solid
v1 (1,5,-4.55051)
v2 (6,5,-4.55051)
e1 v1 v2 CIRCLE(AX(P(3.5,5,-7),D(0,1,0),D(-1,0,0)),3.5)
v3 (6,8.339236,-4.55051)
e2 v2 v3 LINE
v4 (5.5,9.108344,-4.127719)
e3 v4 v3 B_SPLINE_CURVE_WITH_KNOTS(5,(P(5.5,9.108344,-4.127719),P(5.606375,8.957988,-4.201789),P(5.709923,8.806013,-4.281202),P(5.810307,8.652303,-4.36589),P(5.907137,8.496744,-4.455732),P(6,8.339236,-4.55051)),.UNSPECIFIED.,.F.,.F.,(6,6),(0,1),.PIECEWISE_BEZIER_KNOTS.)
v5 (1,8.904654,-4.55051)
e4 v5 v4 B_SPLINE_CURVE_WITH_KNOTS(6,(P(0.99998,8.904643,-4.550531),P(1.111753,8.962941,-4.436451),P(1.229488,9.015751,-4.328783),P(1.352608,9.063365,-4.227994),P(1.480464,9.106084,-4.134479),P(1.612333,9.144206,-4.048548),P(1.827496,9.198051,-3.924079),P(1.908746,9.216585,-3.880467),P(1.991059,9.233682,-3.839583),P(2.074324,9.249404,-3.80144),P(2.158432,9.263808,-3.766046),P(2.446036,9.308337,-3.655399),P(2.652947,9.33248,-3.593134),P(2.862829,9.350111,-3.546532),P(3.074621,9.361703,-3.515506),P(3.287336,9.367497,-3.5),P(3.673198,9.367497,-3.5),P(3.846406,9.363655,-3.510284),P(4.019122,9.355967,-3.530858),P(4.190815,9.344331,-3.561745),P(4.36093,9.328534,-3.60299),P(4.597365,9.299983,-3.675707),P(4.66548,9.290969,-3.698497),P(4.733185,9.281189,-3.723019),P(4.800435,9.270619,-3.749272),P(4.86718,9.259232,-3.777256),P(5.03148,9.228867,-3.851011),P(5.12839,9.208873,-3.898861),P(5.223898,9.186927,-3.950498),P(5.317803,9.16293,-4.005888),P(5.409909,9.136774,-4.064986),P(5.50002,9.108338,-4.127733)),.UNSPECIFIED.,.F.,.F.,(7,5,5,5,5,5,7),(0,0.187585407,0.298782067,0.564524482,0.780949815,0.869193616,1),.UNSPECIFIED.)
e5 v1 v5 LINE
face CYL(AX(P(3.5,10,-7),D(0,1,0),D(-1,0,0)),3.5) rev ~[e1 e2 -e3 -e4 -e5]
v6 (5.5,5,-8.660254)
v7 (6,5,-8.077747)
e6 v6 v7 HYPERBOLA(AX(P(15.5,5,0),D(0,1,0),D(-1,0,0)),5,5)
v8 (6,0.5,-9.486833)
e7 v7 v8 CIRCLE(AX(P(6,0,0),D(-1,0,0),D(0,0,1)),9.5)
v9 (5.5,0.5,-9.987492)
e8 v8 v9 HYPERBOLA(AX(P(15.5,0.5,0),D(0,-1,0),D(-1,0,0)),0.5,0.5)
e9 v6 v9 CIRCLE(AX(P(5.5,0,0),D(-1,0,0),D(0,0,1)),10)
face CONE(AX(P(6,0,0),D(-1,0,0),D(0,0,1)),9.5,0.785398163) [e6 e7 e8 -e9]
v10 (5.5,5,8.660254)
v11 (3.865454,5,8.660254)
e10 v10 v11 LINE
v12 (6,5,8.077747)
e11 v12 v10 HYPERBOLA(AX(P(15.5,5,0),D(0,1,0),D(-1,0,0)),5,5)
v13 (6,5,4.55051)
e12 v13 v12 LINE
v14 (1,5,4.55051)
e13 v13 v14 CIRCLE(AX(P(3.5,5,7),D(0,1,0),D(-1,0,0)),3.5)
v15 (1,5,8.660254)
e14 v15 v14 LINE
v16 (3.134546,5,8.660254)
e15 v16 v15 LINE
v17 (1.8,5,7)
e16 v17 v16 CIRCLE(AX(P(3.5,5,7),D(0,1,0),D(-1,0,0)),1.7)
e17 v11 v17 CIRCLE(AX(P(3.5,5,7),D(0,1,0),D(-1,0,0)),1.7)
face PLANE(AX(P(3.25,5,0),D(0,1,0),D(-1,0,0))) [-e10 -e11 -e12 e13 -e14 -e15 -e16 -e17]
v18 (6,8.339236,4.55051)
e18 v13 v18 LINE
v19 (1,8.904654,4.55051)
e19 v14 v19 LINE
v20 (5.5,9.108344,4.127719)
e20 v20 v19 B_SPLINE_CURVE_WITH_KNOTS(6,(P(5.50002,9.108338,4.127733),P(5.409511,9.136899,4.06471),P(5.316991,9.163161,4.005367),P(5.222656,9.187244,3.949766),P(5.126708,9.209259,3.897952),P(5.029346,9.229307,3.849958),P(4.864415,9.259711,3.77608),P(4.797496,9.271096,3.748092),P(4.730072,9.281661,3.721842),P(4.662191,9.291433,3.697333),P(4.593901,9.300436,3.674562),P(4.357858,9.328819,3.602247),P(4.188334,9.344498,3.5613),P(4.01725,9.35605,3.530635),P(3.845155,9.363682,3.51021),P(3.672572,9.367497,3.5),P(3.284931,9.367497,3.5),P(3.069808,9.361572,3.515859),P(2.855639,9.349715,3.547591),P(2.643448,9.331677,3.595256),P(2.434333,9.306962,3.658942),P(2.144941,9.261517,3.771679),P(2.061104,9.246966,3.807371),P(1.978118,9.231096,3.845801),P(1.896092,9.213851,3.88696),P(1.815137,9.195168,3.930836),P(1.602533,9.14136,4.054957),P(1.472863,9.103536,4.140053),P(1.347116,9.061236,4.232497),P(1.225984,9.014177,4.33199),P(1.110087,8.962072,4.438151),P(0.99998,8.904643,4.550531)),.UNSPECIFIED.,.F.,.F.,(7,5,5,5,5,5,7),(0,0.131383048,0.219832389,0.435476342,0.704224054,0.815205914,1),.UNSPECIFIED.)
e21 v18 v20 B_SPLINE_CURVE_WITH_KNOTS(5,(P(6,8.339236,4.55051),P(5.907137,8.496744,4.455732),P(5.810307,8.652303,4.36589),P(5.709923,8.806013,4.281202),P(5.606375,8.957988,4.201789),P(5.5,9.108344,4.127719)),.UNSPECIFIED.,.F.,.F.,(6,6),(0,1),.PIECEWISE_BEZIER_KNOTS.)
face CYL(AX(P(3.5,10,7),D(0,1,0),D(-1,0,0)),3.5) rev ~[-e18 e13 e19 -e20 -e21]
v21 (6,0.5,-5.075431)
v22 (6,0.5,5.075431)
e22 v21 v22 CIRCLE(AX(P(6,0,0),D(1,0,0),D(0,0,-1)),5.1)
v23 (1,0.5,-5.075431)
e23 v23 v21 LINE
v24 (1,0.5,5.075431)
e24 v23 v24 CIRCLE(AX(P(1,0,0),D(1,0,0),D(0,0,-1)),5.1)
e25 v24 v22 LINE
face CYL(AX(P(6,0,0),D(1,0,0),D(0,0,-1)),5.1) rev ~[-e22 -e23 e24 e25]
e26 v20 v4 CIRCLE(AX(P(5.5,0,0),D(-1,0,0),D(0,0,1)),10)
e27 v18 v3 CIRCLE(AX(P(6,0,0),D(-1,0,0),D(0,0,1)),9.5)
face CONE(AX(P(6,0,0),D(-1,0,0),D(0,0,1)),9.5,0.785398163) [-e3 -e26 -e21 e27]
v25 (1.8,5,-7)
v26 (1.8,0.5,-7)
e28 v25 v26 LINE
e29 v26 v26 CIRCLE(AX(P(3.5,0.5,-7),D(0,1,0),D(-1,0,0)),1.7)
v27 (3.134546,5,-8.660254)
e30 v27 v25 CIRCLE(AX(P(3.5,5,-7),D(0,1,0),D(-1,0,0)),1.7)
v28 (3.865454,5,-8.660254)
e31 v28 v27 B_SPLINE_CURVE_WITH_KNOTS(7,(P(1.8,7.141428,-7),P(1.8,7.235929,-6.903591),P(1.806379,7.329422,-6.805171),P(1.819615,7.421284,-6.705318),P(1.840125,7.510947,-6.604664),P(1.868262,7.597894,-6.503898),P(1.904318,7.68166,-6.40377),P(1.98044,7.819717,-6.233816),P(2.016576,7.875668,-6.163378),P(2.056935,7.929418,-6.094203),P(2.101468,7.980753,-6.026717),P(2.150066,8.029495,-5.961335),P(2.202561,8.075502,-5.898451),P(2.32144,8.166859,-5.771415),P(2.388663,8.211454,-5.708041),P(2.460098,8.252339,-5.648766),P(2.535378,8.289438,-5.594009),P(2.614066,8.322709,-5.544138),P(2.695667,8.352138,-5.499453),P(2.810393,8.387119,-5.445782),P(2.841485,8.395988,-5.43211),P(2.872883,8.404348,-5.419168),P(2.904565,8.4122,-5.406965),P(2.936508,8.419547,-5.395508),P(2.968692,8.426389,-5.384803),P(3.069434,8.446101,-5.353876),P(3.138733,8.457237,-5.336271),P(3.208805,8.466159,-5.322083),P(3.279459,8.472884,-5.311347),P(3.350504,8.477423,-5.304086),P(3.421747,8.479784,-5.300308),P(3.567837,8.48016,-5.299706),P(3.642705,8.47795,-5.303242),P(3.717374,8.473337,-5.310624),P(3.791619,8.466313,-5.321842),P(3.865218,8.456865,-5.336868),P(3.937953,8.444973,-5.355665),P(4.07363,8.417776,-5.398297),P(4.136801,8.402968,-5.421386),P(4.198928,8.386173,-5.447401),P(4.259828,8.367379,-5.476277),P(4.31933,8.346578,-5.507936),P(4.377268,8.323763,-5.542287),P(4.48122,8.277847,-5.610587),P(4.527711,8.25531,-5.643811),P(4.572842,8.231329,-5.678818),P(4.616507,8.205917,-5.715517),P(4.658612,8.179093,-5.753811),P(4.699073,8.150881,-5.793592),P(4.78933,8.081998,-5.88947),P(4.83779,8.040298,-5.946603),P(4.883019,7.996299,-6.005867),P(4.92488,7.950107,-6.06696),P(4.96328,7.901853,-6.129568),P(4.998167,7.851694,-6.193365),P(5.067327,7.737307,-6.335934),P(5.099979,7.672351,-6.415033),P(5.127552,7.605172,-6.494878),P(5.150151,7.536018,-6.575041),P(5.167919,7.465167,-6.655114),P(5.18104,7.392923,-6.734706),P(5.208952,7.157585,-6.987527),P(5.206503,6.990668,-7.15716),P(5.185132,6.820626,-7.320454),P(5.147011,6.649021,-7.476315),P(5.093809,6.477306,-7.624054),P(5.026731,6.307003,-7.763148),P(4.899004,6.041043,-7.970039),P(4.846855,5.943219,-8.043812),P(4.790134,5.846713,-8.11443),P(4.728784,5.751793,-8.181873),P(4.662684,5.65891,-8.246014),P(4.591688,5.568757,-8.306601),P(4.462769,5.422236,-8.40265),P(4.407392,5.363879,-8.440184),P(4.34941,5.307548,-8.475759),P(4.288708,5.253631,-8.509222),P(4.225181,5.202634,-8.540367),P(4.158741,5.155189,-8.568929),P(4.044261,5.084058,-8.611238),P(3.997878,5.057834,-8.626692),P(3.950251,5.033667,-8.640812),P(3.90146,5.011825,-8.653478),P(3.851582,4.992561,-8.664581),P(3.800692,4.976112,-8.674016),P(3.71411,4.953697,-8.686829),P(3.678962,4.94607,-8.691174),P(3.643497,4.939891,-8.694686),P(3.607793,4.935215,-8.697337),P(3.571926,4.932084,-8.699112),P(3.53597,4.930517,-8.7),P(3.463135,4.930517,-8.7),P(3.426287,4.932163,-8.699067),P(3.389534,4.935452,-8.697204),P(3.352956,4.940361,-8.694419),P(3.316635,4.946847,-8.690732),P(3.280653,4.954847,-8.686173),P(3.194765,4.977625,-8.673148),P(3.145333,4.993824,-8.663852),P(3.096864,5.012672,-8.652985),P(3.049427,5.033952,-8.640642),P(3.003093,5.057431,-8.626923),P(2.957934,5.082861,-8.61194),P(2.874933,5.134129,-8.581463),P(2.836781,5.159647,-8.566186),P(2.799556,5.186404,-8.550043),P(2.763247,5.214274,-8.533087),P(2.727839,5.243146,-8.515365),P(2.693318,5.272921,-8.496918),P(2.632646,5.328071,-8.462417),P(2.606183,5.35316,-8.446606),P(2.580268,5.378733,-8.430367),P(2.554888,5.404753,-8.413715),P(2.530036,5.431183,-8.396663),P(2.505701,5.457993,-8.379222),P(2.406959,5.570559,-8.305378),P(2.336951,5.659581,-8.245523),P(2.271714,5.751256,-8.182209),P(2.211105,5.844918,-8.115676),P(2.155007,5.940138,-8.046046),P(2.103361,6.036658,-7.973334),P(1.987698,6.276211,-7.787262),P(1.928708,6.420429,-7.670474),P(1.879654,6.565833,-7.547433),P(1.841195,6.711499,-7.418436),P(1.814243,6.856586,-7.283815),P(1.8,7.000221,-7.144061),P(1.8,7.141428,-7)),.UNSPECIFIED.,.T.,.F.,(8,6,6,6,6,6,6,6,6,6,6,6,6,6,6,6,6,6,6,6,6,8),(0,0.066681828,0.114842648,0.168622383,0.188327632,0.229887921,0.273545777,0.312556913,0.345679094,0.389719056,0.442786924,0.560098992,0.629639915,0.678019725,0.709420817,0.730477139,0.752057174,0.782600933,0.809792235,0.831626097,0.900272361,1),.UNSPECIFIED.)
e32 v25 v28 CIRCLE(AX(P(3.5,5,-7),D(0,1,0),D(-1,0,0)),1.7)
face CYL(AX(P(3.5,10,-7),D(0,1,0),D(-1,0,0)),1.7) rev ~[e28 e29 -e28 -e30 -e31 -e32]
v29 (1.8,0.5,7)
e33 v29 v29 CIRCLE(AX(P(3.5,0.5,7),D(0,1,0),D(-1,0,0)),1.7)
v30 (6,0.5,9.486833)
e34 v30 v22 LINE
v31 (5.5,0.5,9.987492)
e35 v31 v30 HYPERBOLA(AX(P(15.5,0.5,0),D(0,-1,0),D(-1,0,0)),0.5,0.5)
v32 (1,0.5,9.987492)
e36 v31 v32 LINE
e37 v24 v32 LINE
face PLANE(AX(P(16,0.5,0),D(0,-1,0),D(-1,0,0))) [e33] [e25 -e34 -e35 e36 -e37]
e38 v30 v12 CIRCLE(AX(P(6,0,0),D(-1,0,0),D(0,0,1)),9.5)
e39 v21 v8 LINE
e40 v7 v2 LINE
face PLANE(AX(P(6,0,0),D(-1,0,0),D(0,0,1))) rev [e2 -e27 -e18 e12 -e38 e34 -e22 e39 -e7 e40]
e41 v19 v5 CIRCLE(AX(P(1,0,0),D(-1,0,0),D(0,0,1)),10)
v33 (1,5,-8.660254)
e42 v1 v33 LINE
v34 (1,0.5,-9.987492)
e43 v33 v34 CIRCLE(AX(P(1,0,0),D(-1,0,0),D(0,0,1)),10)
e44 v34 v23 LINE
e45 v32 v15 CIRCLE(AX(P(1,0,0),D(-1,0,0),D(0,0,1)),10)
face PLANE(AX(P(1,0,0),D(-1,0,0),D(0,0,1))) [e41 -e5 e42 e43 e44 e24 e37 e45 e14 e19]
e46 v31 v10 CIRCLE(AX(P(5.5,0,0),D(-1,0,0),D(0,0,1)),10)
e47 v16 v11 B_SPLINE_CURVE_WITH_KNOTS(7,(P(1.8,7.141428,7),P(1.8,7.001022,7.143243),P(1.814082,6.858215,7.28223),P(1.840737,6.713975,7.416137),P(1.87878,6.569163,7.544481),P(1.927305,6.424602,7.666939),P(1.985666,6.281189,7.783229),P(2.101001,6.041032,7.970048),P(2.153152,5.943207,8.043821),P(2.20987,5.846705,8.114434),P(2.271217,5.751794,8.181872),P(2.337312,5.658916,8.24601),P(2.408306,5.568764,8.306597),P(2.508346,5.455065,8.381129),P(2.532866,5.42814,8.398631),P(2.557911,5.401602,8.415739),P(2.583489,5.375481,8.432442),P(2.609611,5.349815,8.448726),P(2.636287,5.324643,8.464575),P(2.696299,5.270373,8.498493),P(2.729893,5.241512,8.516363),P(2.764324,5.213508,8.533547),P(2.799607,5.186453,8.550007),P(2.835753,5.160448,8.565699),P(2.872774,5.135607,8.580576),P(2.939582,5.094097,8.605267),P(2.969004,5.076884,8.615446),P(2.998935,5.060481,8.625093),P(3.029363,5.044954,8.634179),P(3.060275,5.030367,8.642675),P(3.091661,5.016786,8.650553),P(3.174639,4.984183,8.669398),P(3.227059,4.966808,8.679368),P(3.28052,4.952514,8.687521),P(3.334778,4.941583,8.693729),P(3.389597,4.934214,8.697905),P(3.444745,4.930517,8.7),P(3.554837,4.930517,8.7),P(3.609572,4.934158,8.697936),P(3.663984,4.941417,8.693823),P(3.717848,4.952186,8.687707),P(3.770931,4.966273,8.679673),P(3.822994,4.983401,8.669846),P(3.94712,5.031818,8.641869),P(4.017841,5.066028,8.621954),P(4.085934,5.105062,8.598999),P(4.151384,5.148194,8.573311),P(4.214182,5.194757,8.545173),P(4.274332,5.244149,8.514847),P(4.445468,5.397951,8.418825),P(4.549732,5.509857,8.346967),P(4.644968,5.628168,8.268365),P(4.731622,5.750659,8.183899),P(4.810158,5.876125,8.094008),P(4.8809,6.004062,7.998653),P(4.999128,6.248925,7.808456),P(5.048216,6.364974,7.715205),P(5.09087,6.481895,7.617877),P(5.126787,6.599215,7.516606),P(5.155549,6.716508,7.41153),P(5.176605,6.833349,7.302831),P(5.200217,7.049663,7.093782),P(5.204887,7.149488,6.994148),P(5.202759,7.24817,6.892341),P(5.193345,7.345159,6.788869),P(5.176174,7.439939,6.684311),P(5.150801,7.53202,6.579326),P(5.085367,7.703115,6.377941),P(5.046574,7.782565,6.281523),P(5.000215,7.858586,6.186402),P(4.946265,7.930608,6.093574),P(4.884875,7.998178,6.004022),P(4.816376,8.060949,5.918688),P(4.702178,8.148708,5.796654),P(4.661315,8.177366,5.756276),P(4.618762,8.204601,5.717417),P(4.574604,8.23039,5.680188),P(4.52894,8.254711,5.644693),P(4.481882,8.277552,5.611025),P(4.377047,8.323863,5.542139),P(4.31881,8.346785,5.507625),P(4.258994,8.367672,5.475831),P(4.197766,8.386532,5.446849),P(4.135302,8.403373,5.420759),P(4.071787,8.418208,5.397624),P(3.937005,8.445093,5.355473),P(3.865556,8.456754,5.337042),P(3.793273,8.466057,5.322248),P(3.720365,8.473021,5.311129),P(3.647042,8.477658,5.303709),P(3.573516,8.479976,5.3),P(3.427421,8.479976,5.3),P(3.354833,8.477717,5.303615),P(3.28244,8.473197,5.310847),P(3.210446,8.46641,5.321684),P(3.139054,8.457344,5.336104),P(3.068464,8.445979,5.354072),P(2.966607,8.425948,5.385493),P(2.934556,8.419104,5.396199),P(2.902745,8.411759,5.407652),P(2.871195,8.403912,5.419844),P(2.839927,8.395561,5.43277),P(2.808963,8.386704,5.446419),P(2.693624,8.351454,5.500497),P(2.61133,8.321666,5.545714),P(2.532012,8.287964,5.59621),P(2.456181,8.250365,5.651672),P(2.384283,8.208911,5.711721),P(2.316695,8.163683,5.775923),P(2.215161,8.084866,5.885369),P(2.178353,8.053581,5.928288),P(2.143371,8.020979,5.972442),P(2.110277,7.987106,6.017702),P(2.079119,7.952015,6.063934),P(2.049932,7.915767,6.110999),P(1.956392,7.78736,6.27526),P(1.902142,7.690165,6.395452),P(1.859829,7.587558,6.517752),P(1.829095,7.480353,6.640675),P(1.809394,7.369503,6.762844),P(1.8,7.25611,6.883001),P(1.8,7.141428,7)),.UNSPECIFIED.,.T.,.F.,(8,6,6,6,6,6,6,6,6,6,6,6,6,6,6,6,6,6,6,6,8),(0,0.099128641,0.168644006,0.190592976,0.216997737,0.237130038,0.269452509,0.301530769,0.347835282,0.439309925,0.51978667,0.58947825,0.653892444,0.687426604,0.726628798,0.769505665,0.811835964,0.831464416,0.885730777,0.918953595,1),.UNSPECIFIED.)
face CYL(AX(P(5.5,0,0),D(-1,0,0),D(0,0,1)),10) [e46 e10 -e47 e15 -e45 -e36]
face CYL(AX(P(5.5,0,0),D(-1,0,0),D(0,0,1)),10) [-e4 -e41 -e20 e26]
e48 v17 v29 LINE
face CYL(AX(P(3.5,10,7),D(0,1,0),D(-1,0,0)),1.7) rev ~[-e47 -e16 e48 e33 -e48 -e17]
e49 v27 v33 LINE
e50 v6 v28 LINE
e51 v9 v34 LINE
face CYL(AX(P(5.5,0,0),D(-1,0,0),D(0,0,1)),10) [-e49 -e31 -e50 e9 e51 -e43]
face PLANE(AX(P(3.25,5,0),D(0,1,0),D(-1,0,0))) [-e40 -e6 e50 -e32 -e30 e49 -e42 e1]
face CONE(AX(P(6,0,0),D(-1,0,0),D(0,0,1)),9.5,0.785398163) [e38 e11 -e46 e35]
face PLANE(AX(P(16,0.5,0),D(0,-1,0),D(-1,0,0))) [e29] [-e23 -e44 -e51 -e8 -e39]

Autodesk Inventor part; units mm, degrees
sketch "Sketch_1" plane through (0, 0, 0) normal (0, 0, 1) x (1, 0, 0)
  line L0 (6, 0) -> (0, 0)
  line L1 (1, 4) -> (6, 4)
  line L2 (6, 4) -> (6, 9.5)
  line L3 (6, 9.5) -> (5.5, 10)
  line L4 (5.5, 10) -> (1, 10)
  line L5 (1, 10) -> (1, 4)
revolve "Revolution1" add sketch "Sketch_1" angle 180 mid plane about axis through (6, 0, 0) along (-1, 0, 0)
sketch "Sketch_2" plane through (0, 0, 0) normal (0, 0, 1) x (1, 0, 0)
  line L0 (0, 0.5) -> (0, 0)
  line L1 (0, 0) -> (16, 0)
  line L2 (16, 0) -> (16, 0.5)
  line L3 (16, 0.5) -> (0, 0.5)
extrude "Extrusion1" cut sketch "Sketch_2" along normal mid plane 40
sketch "Sketch_3" plane through (0, 0, 7) normal (0, 0, 1) x (1, 0, 0)
  line L0 (3.5, 10) -> (3.5, 0)
  line L1 (3.5, 0) -> (1.75, 0)
  line L2 (1.75, 0) -> (1.75, 3.5)
  line L3 (1.75, 3.5) -> (0.25, 3.5)
  line L4 (0.25, 3.5) -> (0.25, 10)
  line L5 (0.25, 10) -> (3.5, 10)
  line L6 (3.5, 10) -> (3.5, 0)
sketch "Sketch_4" plane through (0, 0, -7) normal (0, 0, 1) x (1, 0, 0)
  line L0 (3.5, 10) -> (3.5, 0)
  line L1 (3.5, 0) -> (1.75, 0)
  line L2 (1.75, 0) -> (1.75, 3.5)
  line L3 (1.75, 3.5) -> (0.25, 3.5)
  line L4 (0.25, 3.5) -> (0.25, 10)
  line L5 (0.25, 10) -> (3.5, 10)
  line L6 (3.5, 10) -> (3.5, 0)
ref_plane "part2_to_part1_XY" through (0, 0, 0) normal (1, 0, 0) x (0, 0, -1)
ref_plane "part2_to_part1_YZ" through (0, 0, 0) normal (0, 0, -1) x (0, 1, 0)
ref_plane "part2_to_part1_ZX" through (0, 0, 0) normal (0, 1, 0) x (1, 0, 0)
ref_plane "part2_to_screw1_XY" through (3.5, 3.5, 7) normal (0, 1, 0) x (1, 0, 0)
ref_plane "part2_to_screw1_YZ" through (3.5, 3.5, 7) normal (1, 0, 0) x (0, 0, -1)
ref_plane "part2_to_screw1_ZX" through (3.5, 3.5, 7) normal (0, 0, -1) x (0, 1, 0)
ref_plane "part2_to_screw2_XY" through (3.5, 3.5, -7) normal (0, 1, 0) x (1, 0, 0)
ref_plane "part2_to_screw2_YZ" through (3.5, 3.5, -7) normal (1, 0, 0) x (0, 0, -1)
ref_plane "part2_to_screw2_ZX" through (3.5, 3.5, -7) normal (0, 0, -1) x (0, 1, 0)
sketch "スケッチ7" plane through (6, 0, 0) normal (1, 0, 0) x (0, 0, -1)
  circle A0 centre (0, 0) radius 5.1
  dimension "d11" = 10.2
extrude "押し出し4" cut sketch "スケッチ7" against normal blind 10
ref_plane "作業平面10" through (3.25, 10, 0) normal (0, 1, 0) x (-1, 0, 0)
sketch "スケッチ8" plane through (3.25, 10, 0) normal (0, 1, 0) x (-1, 0, 0)
  circle A0 centre (-0.25, 7) radius 1.75 projected
  circle A1 centre (-0.25, 7) radius 1.7
  circle A2 centre (-0.25, 7) radius 3.5
  circle A3 centre (-0.25, -7) radius 1.75 projected
  circle A4 centre (-0.25, -7) radius 1.7
  circle A5 centre (-0.25, -7) radius 3.5
  point P0 (3.25, 0)
  dimension "d14" = 3.4
  dimension "d15" = 7
  dimension "d16" = 3.4
  dimension "d17" = 7
extrude "押し出し5" cut sketch "スケッチ8" against normal through all contours A1 | A4
extrude "押し出し6" cut sketch "スケッチ8" against normal blind 5 contours A0 | A1 | A2 | A3 | A4 | A5
properties part number "MBRDAC23-2-8_p2"
